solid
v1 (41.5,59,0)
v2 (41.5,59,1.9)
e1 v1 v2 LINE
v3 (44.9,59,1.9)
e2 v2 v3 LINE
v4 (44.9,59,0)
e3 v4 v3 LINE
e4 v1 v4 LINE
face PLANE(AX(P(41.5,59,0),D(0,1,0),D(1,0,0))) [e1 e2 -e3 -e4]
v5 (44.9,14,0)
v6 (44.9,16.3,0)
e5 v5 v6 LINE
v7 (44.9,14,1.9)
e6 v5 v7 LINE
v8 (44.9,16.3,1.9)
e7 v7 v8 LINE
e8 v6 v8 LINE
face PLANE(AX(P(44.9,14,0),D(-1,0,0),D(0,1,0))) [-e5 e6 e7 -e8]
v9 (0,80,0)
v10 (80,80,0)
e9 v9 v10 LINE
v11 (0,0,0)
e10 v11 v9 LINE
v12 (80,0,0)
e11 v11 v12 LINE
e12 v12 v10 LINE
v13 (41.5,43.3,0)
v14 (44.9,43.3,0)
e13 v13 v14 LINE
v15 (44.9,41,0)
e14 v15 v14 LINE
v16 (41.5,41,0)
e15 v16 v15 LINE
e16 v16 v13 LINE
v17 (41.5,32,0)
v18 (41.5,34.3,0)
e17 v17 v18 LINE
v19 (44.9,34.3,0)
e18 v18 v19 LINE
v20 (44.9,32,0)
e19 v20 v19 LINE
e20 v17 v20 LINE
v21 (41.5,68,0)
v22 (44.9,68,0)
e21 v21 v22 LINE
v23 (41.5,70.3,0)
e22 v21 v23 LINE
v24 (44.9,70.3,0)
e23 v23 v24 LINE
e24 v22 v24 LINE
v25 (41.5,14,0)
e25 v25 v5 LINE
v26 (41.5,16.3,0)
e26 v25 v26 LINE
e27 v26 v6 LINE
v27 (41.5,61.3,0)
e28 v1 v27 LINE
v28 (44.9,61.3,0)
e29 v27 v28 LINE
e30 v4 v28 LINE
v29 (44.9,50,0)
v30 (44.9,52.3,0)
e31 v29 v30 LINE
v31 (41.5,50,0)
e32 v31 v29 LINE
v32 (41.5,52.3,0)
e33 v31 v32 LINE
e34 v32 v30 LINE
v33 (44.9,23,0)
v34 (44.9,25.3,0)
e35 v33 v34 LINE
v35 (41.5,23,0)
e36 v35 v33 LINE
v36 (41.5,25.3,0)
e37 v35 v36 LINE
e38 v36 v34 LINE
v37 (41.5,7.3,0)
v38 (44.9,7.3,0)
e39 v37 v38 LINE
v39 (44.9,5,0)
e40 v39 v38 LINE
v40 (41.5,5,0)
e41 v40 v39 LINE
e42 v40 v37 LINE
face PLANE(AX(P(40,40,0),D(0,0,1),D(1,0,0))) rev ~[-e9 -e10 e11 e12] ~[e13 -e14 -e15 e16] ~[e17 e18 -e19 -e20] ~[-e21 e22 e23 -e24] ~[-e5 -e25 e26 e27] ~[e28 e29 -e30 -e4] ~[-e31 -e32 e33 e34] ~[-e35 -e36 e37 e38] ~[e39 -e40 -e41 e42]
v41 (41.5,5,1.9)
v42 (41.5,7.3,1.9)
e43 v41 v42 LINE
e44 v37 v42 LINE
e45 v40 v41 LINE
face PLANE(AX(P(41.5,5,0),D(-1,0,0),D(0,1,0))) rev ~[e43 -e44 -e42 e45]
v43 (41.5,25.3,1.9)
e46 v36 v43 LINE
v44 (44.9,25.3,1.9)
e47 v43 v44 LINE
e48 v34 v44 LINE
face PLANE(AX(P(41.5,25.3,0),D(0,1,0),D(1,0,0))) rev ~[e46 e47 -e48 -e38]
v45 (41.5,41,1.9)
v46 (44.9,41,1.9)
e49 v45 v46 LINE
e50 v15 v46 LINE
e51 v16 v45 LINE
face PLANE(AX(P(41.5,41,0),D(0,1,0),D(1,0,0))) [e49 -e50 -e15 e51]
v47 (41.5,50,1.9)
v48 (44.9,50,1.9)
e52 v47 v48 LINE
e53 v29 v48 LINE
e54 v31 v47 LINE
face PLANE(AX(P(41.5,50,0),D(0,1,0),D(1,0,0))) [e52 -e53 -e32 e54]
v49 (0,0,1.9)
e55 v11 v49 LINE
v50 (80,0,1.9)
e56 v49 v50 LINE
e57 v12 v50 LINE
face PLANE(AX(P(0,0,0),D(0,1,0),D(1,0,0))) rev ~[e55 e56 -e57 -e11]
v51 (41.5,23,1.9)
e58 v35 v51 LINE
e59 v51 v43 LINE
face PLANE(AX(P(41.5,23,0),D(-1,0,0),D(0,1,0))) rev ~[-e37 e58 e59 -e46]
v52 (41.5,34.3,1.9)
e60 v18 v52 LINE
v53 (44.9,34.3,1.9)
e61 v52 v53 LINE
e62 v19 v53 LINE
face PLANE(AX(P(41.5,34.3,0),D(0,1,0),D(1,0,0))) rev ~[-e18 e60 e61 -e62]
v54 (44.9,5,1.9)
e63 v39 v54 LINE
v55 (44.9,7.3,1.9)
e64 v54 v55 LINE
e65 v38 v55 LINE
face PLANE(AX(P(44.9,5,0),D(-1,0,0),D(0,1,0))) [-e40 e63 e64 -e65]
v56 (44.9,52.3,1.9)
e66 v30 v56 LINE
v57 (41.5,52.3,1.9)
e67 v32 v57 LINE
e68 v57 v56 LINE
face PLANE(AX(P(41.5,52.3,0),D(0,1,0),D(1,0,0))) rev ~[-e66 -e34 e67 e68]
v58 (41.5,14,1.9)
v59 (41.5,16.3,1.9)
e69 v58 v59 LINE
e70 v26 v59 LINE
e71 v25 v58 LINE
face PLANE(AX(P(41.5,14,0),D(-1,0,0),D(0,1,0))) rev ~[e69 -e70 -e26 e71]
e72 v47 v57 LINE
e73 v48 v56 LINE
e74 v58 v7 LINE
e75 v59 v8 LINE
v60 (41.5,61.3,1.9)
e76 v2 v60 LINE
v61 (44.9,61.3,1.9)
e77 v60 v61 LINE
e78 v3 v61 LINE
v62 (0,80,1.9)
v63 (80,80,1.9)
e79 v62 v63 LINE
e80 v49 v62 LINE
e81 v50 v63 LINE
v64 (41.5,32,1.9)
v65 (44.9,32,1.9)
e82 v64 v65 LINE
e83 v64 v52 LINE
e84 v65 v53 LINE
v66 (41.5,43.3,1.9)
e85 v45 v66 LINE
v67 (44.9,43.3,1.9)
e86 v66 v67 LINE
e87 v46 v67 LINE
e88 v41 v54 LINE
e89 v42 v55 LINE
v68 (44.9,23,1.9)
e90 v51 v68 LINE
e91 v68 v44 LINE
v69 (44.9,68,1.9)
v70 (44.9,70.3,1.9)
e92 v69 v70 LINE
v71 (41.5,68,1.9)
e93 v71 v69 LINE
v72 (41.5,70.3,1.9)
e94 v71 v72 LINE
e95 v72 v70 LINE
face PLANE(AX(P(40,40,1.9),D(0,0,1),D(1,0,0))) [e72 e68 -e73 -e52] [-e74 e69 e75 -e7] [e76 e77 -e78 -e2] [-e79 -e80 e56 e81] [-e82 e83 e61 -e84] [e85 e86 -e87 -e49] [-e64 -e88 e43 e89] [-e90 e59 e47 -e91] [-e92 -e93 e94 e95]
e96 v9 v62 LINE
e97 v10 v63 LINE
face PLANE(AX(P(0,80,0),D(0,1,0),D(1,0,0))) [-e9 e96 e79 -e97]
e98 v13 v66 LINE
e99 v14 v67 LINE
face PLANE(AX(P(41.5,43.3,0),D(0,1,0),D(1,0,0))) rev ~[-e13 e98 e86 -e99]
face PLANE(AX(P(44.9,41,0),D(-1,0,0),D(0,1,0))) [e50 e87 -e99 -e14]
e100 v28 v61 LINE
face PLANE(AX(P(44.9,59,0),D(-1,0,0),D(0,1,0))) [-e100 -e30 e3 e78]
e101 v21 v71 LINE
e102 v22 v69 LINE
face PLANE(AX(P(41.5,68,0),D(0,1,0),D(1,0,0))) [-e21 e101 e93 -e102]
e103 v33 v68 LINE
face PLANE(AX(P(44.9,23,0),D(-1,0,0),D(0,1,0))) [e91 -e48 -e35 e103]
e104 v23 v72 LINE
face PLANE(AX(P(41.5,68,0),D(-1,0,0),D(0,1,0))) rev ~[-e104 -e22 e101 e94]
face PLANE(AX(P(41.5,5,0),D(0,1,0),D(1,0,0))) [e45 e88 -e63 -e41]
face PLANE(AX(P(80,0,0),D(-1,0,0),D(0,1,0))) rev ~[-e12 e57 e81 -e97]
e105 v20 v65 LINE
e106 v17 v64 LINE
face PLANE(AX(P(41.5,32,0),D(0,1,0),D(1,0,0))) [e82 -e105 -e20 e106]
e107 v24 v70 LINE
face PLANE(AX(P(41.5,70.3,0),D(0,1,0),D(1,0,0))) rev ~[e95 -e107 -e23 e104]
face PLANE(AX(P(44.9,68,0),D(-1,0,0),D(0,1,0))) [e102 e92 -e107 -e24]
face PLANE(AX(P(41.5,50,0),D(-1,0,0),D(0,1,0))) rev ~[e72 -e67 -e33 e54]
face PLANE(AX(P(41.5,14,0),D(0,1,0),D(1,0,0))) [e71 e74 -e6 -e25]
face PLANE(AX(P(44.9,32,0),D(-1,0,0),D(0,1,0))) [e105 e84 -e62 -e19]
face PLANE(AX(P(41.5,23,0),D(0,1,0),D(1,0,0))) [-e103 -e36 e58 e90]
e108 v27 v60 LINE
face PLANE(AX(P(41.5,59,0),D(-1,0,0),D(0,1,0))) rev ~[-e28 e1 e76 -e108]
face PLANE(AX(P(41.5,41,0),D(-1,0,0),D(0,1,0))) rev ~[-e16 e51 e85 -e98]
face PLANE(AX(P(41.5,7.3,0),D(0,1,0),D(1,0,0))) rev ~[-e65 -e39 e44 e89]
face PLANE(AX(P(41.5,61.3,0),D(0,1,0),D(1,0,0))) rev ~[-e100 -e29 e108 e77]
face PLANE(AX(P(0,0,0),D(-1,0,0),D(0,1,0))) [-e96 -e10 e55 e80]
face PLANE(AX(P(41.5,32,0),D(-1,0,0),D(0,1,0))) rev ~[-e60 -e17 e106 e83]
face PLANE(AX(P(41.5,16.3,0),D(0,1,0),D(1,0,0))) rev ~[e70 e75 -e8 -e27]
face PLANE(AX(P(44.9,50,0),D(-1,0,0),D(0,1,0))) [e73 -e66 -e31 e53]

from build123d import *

# Parameters (mm, degrees)
F0_W     = 80
F0_H     = 80
F0_W_2   = 3.4
F0_H_2   = 2.3
F1_DEPTH = 1.9


with BuildPart() as f1:
    # F0 (on Top) → F1 (new body)
    with BuildSketch(Plane.XY):
        with Locations((40, 40)):
            Rectangle(F0_W, F0_H)
        with Locations((43.2, 6.15)):
            Rectangle(F0_W_2, F0_H_2, mode=Mode.SUBTRACT)
        with Locations((43.2, 15.15)):
            Rectangle(F0_W_2, F0_H_2, mode=Mode.SUBTRACT)
        with Locations((43.2, 24.15)):
            Rectangle(F0_W_2, F0_H_2, mode=Mode.SUBTRACT)
        with Locations((43.2, 33.15)):
            Rectangle(F0_W_2, F0_H_2, mode=Mode.SUBTRACT)
        with Locations((43.2, 42.15)):
            Rectangle(F0_W_2, F0_H_2, mode=Mode.SUBTRACT)
        with Locations((43.2, 51.15)):
            Rectangle(F0_W_2, F0_H_2, mode=Mode.SUBTRACT)
        with Locations((43.2, 60.15)):
            Rectangle(F0_W_2, F0_H_2, mode=Mode.SUBTRACT)
        with Locations((43.2, 69.15)):
            Rectangle(F0_W_2, F0_H_2, mode=Mode.SUBTRACT)
    extrude(amount=F1_DEPTH)


solid = f1.part
